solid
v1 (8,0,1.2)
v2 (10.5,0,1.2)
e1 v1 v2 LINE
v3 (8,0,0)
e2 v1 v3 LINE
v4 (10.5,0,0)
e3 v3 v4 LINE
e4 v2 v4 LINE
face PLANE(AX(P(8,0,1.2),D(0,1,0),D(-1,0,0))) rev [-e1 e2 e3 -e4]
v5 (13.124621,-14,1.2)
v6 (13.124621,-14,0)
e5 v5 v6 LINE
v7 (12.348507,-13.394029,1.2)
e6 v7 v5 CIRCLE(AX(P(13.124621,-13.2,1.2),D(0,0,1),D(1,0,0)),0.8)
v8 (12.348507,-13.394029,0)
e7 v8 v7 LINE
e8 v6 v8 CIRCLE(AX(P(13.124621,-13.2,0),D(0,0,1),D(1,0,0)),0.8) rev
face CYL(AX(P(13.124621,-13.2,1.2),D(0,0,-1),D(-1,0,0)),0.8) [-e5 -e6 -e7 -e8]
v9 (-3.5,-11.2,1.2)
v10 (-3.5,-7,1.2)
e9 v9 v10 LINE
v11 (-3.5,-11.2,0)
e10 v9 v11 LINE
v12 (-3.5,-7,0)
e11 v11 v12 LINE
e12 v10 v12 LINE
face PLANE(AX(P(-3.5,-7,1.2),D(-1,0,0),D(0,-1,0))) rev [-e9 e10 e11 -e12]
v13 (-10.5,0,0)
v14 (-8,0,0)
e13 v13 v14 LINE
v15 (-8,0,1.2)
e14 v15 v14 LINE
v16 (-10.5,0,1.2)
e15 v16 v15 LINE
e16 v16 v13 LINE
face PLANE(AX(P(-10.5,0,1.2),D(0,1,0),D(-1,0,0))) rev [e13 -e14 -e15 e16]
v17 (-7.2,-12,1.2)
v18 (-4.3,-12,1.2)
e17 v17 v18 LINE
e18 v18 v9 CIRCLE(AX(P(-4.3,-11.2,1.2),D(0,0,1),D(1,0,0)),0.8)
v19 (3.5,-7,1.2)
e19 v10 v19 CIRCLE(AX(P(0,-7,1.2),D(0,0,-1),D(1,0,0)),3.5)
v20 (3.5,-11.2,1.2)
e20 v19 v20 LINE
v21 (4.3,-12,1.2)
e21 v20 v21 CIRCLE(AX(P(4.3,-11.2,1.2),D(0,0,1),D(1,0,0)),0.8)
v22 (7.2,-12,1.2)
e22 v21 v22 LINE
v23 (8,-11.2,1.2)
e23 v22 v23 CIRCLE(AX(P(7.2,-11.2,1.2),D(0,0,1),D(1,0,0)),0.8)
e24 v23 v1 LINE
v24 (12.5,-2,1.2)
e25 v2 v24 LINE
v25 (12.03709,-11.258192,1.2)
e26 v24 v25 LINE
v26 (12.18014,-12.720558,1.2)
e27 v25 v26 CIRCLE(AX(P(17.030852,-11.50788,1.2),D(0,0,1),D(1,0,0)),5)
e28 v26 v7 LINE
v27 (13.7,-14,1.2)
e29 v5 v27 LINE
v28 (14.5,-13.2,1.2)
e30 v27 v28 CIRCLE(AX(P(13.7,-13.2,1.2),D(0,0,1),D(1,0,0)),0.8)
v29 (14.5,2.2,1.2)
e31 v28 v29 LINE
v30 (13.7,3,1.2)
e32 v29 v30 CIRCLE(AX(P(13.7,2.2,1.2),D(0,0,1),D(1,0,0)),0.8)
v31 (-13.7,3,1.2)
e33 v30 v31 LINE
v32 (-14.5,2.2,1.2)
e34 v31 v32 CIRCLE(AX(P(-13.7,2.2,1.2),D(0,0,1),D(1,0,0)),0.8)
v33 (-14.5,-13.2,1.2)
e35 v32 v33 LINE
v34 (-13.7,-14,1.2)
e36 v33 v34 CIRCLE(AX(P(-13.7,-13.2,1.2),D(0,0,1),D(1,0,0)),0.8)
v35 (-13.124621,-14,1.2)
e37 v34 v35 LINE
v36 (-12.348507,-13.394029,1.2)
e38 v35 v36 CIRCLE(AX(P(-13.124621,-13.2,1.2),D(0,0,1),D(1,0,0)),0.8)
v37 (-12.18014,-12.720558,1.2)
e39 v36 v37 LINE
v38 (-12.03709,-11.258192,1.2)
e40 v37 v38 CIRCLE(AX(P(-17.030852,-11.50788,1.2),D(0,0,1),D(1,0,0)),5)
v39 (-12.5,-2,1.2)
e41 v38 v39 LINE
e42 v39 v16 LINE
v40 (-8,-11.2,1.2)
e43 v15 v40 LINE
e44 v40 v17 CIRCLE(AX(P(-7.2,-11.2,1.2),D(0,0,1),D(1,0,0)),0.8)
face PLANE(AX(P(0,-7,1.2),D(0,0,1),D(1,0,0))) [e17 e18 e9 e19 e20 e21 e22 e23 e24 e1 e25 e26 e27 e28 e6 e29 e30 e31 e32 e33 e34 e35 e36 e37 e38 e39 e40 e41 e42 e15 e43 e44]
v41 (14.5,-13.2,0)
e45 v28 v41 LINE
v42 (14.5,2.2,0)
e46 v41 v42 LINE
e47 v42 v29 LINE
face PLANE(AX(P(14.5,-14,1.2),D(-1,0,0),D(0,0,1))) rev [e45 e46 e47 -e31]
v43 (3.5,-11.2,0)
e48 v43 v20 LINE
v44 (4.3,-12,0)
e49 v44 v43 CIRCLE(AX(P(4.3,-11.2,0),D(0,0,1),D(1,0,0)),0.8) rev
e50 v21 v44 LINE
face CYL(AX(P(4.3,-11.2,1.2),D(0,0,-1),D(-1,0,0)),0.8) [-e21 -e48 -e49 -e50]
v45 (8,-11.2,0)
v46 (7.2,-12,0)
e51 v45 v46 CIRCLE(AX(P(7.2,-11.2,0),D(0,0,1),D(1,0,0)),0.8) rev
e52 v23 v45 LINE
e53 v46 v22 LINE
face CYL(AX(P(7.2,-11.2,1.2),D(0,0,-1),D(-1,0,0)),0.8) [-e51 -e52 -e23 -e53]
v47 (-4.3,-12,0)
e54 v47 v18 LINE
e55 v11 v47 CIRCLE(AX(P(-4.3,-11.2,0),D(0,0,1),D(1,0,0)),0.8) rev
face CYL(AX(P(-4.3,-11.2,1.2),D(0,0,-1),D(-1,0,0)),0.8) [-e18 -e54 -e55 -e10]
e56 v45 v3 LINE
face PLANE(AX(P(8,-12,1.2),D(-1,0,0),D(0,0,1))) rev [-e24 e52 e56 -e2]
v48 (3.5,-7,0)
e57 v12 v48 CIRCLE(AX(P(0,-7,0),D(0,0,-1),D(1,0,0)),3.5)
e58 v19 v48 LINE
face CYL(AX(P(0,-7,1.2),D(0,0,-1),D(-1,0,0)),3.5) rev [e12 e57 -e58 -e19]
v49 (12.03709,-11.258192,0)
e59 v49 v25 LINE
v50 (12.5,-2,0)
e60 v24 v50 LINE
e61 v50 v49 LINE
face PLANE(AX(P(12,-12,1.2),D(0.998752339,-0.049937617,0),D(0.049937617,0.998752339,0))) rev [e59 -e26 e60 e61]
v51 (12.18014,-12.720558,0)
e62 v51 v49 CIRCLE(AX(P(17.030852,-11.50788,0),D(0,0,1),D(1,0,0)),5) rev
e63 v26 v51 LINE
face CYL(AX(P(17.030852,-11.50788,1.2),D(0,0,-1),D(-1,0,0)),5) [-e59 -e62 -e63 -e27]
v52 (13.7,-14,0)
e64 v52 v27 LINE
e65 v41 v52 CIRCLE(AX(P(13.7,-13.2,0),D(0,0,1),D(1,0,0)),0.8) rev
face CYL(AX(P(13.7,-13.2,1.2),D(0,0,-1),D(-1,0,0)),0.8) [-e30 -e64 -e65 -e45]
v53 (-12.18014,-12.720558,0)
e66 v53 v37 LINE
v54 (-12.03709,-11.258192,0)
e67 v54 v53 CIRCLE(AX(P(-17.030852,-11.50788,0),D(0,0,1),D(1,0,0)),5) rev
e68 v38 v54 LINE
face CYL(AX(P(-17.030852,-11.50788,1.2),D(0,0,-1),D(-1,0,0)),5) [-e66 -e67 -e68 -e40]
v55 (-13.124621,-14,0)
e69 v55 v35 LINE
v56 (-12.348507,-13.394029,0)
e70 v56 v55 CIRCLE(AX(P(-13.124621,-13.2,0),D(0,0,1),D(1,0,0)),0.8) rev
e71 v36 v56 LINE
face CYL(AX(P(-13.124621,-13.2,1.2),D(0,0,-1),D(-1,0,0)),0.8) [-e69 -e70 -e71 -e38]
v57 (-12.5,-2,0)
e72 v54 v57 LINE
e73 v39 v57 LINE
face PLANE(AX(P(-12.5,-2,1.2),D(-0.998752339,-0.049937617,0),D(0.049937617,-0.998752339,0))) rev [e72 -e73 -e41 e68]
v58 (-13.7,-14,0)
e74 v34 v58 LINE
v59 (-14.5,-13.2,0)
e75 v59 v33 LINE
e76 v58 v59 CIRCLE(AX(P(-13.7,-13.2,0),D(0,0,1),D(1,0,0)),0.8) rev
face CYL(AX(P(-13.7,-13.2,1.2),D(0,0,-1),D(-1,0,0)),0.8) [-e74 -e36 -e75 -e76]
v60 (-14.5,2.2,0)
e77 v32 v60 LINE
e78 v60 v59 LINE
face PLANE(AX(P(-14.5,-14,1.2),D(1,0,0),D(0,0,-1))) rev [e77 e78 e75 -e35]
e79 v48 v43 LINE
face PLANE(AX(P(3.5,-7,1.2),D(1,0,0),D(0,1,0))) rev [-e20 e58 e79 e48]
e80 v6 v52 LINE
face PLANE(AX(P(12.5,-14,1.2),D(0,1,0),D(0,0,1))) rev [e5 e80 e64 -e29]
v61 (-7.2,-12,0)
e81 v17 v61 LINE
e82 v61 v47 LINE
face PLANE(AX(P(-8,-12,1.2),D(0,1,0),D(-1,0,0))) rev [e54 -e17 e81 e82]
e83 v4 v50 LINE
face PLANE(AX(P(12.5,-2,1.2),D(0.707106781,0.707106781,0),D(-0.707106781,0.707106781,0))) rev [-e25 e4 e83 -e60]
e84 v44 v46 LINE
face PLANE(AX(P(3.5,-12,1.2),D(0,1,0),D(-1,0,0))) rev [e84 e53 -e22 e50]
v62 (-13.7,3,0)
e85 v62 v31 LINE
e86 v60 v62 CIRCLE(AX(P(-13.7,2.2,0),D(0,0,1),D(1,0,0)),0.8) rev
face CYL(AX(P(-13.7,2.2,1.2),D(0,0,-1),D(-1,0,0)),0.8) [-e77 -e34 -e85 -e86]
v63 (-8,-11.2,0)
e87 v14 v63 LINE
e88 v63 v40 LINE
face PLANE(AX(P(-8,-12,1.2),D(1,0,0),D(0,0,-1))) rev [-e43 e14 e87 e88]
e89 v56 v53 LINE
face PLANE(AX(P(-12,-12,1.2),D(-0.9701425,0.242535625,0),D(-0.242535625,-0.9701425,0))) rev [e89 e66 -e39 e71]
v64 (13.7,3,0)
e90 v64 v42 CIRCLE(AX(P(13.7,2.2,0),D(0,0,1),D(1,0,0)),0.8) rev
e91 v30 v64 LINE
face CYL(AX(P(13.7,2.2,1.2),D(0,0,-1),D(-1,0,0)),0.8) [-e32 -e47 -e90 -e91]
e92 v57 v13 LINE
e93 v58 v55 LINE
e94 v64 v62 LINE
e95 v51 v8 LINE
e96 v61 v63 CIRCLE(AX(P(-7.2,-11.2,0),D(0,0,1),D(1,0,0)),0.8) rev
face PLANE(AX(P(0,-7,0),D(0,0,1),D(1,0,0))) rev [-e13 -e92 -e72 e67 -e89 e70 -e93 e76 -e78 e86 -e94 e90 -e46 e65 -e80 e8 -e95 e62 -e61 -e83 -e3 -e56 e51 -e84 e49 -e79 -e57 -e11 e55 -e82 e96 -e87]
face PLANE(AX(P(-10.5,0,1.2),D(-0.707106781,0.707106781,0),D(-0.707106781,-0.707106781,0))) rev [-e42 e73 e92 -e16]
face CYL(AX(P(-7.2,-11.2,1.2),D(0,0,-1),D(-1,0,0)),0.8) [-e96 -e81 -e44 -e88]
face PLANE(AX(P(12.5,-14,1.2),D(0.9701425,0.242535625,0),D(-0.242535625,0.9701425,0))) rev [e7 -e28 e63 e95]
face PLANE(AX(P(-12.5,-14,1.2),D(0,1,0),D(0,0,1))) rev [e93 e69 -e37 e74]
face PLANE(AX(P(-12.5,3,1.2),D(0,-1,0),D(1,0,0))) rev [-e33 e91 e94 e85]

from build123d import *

# Parameters (mm, degrees)
BOSS_EXTRUDE1_DEPTH = 1.2
FILLET1_R           = 5
FILLET2_R           = 0.8


with BuildPart() as part:
    # Sketch1 → Boss-Extrude1 (new body)
    with BuildSketch(Plane.XY):
        with BuildLine():
            Line((-10.5, 0), (-12.5, -2))
            Line((-12.5, -2), (-12, -12))
            Line((-12, -12), (-12.5, -14))
            Line((-12.5, -14), (-14.5, -14))
            Line((-14.5, -14), (-14.5, 3))
            Line((-14.5, 3), (-12.5, 3))
            Line((-12.5, 3), (12.5, 3))
            Line((12.5, 3), (14.5, 3))
            Line((14.5, 3), (14.5, -14))
            Line((14.5, -14), (12.5, -14))
            Line((12.5, -14), (12, -12))
            Line((12, -12), (12.5, -2))
            Line((12.5, -2), (10.5, 0))
            Line((10.5, 0), (8, 0))
            Line((8, 0), (8, -12))
            Line((8, -12), (3.5, -12))
            Line((3.5, -12), (3.5, -7))
            ThreePointArc((3.5, -7), (0, -3.5), (-3.5, -7))
            Line((-3.5, -7), (-3.5, -12))
            Line((-3.5, -12), (-8, -12))
            Line((-8, -12), (-8, 0))
            Line((-8, 0), (-10.5, 0))
        make_face()
    extrude(amount=BOSS_EXTRUDE1_DEPTH)

    # Fillet1
    fillet1_edges = [part.edges().sort_by_distance(p)[0] for p in [
        (-12, -12, 0.6),
        (12, -12, 0.6),
    ]]
    fillet(fillet1_edges, radius=FILLET1_R)

    # Fillet2
    fillet2_edges = [part.edges().sort_by_distance(p)[0] for p in [
        (-12.5, -14, 0.6),
        (-14.5, -14, 0.6),
        (-14.5, 3, 0.6),
        (14.5, 3, 0.6),
        (14.5, -14, 0.6),
        (12.5, -14, 0.6),
        (8, -12, 0.6),
        (3.5, -12, 0.6),
        (-3.5, -12, 0.6),
        (-8, -12, 0.6),
    ]]
    fillet(fillet2_edges, radius=FILLET2_R)


solid = part.part
